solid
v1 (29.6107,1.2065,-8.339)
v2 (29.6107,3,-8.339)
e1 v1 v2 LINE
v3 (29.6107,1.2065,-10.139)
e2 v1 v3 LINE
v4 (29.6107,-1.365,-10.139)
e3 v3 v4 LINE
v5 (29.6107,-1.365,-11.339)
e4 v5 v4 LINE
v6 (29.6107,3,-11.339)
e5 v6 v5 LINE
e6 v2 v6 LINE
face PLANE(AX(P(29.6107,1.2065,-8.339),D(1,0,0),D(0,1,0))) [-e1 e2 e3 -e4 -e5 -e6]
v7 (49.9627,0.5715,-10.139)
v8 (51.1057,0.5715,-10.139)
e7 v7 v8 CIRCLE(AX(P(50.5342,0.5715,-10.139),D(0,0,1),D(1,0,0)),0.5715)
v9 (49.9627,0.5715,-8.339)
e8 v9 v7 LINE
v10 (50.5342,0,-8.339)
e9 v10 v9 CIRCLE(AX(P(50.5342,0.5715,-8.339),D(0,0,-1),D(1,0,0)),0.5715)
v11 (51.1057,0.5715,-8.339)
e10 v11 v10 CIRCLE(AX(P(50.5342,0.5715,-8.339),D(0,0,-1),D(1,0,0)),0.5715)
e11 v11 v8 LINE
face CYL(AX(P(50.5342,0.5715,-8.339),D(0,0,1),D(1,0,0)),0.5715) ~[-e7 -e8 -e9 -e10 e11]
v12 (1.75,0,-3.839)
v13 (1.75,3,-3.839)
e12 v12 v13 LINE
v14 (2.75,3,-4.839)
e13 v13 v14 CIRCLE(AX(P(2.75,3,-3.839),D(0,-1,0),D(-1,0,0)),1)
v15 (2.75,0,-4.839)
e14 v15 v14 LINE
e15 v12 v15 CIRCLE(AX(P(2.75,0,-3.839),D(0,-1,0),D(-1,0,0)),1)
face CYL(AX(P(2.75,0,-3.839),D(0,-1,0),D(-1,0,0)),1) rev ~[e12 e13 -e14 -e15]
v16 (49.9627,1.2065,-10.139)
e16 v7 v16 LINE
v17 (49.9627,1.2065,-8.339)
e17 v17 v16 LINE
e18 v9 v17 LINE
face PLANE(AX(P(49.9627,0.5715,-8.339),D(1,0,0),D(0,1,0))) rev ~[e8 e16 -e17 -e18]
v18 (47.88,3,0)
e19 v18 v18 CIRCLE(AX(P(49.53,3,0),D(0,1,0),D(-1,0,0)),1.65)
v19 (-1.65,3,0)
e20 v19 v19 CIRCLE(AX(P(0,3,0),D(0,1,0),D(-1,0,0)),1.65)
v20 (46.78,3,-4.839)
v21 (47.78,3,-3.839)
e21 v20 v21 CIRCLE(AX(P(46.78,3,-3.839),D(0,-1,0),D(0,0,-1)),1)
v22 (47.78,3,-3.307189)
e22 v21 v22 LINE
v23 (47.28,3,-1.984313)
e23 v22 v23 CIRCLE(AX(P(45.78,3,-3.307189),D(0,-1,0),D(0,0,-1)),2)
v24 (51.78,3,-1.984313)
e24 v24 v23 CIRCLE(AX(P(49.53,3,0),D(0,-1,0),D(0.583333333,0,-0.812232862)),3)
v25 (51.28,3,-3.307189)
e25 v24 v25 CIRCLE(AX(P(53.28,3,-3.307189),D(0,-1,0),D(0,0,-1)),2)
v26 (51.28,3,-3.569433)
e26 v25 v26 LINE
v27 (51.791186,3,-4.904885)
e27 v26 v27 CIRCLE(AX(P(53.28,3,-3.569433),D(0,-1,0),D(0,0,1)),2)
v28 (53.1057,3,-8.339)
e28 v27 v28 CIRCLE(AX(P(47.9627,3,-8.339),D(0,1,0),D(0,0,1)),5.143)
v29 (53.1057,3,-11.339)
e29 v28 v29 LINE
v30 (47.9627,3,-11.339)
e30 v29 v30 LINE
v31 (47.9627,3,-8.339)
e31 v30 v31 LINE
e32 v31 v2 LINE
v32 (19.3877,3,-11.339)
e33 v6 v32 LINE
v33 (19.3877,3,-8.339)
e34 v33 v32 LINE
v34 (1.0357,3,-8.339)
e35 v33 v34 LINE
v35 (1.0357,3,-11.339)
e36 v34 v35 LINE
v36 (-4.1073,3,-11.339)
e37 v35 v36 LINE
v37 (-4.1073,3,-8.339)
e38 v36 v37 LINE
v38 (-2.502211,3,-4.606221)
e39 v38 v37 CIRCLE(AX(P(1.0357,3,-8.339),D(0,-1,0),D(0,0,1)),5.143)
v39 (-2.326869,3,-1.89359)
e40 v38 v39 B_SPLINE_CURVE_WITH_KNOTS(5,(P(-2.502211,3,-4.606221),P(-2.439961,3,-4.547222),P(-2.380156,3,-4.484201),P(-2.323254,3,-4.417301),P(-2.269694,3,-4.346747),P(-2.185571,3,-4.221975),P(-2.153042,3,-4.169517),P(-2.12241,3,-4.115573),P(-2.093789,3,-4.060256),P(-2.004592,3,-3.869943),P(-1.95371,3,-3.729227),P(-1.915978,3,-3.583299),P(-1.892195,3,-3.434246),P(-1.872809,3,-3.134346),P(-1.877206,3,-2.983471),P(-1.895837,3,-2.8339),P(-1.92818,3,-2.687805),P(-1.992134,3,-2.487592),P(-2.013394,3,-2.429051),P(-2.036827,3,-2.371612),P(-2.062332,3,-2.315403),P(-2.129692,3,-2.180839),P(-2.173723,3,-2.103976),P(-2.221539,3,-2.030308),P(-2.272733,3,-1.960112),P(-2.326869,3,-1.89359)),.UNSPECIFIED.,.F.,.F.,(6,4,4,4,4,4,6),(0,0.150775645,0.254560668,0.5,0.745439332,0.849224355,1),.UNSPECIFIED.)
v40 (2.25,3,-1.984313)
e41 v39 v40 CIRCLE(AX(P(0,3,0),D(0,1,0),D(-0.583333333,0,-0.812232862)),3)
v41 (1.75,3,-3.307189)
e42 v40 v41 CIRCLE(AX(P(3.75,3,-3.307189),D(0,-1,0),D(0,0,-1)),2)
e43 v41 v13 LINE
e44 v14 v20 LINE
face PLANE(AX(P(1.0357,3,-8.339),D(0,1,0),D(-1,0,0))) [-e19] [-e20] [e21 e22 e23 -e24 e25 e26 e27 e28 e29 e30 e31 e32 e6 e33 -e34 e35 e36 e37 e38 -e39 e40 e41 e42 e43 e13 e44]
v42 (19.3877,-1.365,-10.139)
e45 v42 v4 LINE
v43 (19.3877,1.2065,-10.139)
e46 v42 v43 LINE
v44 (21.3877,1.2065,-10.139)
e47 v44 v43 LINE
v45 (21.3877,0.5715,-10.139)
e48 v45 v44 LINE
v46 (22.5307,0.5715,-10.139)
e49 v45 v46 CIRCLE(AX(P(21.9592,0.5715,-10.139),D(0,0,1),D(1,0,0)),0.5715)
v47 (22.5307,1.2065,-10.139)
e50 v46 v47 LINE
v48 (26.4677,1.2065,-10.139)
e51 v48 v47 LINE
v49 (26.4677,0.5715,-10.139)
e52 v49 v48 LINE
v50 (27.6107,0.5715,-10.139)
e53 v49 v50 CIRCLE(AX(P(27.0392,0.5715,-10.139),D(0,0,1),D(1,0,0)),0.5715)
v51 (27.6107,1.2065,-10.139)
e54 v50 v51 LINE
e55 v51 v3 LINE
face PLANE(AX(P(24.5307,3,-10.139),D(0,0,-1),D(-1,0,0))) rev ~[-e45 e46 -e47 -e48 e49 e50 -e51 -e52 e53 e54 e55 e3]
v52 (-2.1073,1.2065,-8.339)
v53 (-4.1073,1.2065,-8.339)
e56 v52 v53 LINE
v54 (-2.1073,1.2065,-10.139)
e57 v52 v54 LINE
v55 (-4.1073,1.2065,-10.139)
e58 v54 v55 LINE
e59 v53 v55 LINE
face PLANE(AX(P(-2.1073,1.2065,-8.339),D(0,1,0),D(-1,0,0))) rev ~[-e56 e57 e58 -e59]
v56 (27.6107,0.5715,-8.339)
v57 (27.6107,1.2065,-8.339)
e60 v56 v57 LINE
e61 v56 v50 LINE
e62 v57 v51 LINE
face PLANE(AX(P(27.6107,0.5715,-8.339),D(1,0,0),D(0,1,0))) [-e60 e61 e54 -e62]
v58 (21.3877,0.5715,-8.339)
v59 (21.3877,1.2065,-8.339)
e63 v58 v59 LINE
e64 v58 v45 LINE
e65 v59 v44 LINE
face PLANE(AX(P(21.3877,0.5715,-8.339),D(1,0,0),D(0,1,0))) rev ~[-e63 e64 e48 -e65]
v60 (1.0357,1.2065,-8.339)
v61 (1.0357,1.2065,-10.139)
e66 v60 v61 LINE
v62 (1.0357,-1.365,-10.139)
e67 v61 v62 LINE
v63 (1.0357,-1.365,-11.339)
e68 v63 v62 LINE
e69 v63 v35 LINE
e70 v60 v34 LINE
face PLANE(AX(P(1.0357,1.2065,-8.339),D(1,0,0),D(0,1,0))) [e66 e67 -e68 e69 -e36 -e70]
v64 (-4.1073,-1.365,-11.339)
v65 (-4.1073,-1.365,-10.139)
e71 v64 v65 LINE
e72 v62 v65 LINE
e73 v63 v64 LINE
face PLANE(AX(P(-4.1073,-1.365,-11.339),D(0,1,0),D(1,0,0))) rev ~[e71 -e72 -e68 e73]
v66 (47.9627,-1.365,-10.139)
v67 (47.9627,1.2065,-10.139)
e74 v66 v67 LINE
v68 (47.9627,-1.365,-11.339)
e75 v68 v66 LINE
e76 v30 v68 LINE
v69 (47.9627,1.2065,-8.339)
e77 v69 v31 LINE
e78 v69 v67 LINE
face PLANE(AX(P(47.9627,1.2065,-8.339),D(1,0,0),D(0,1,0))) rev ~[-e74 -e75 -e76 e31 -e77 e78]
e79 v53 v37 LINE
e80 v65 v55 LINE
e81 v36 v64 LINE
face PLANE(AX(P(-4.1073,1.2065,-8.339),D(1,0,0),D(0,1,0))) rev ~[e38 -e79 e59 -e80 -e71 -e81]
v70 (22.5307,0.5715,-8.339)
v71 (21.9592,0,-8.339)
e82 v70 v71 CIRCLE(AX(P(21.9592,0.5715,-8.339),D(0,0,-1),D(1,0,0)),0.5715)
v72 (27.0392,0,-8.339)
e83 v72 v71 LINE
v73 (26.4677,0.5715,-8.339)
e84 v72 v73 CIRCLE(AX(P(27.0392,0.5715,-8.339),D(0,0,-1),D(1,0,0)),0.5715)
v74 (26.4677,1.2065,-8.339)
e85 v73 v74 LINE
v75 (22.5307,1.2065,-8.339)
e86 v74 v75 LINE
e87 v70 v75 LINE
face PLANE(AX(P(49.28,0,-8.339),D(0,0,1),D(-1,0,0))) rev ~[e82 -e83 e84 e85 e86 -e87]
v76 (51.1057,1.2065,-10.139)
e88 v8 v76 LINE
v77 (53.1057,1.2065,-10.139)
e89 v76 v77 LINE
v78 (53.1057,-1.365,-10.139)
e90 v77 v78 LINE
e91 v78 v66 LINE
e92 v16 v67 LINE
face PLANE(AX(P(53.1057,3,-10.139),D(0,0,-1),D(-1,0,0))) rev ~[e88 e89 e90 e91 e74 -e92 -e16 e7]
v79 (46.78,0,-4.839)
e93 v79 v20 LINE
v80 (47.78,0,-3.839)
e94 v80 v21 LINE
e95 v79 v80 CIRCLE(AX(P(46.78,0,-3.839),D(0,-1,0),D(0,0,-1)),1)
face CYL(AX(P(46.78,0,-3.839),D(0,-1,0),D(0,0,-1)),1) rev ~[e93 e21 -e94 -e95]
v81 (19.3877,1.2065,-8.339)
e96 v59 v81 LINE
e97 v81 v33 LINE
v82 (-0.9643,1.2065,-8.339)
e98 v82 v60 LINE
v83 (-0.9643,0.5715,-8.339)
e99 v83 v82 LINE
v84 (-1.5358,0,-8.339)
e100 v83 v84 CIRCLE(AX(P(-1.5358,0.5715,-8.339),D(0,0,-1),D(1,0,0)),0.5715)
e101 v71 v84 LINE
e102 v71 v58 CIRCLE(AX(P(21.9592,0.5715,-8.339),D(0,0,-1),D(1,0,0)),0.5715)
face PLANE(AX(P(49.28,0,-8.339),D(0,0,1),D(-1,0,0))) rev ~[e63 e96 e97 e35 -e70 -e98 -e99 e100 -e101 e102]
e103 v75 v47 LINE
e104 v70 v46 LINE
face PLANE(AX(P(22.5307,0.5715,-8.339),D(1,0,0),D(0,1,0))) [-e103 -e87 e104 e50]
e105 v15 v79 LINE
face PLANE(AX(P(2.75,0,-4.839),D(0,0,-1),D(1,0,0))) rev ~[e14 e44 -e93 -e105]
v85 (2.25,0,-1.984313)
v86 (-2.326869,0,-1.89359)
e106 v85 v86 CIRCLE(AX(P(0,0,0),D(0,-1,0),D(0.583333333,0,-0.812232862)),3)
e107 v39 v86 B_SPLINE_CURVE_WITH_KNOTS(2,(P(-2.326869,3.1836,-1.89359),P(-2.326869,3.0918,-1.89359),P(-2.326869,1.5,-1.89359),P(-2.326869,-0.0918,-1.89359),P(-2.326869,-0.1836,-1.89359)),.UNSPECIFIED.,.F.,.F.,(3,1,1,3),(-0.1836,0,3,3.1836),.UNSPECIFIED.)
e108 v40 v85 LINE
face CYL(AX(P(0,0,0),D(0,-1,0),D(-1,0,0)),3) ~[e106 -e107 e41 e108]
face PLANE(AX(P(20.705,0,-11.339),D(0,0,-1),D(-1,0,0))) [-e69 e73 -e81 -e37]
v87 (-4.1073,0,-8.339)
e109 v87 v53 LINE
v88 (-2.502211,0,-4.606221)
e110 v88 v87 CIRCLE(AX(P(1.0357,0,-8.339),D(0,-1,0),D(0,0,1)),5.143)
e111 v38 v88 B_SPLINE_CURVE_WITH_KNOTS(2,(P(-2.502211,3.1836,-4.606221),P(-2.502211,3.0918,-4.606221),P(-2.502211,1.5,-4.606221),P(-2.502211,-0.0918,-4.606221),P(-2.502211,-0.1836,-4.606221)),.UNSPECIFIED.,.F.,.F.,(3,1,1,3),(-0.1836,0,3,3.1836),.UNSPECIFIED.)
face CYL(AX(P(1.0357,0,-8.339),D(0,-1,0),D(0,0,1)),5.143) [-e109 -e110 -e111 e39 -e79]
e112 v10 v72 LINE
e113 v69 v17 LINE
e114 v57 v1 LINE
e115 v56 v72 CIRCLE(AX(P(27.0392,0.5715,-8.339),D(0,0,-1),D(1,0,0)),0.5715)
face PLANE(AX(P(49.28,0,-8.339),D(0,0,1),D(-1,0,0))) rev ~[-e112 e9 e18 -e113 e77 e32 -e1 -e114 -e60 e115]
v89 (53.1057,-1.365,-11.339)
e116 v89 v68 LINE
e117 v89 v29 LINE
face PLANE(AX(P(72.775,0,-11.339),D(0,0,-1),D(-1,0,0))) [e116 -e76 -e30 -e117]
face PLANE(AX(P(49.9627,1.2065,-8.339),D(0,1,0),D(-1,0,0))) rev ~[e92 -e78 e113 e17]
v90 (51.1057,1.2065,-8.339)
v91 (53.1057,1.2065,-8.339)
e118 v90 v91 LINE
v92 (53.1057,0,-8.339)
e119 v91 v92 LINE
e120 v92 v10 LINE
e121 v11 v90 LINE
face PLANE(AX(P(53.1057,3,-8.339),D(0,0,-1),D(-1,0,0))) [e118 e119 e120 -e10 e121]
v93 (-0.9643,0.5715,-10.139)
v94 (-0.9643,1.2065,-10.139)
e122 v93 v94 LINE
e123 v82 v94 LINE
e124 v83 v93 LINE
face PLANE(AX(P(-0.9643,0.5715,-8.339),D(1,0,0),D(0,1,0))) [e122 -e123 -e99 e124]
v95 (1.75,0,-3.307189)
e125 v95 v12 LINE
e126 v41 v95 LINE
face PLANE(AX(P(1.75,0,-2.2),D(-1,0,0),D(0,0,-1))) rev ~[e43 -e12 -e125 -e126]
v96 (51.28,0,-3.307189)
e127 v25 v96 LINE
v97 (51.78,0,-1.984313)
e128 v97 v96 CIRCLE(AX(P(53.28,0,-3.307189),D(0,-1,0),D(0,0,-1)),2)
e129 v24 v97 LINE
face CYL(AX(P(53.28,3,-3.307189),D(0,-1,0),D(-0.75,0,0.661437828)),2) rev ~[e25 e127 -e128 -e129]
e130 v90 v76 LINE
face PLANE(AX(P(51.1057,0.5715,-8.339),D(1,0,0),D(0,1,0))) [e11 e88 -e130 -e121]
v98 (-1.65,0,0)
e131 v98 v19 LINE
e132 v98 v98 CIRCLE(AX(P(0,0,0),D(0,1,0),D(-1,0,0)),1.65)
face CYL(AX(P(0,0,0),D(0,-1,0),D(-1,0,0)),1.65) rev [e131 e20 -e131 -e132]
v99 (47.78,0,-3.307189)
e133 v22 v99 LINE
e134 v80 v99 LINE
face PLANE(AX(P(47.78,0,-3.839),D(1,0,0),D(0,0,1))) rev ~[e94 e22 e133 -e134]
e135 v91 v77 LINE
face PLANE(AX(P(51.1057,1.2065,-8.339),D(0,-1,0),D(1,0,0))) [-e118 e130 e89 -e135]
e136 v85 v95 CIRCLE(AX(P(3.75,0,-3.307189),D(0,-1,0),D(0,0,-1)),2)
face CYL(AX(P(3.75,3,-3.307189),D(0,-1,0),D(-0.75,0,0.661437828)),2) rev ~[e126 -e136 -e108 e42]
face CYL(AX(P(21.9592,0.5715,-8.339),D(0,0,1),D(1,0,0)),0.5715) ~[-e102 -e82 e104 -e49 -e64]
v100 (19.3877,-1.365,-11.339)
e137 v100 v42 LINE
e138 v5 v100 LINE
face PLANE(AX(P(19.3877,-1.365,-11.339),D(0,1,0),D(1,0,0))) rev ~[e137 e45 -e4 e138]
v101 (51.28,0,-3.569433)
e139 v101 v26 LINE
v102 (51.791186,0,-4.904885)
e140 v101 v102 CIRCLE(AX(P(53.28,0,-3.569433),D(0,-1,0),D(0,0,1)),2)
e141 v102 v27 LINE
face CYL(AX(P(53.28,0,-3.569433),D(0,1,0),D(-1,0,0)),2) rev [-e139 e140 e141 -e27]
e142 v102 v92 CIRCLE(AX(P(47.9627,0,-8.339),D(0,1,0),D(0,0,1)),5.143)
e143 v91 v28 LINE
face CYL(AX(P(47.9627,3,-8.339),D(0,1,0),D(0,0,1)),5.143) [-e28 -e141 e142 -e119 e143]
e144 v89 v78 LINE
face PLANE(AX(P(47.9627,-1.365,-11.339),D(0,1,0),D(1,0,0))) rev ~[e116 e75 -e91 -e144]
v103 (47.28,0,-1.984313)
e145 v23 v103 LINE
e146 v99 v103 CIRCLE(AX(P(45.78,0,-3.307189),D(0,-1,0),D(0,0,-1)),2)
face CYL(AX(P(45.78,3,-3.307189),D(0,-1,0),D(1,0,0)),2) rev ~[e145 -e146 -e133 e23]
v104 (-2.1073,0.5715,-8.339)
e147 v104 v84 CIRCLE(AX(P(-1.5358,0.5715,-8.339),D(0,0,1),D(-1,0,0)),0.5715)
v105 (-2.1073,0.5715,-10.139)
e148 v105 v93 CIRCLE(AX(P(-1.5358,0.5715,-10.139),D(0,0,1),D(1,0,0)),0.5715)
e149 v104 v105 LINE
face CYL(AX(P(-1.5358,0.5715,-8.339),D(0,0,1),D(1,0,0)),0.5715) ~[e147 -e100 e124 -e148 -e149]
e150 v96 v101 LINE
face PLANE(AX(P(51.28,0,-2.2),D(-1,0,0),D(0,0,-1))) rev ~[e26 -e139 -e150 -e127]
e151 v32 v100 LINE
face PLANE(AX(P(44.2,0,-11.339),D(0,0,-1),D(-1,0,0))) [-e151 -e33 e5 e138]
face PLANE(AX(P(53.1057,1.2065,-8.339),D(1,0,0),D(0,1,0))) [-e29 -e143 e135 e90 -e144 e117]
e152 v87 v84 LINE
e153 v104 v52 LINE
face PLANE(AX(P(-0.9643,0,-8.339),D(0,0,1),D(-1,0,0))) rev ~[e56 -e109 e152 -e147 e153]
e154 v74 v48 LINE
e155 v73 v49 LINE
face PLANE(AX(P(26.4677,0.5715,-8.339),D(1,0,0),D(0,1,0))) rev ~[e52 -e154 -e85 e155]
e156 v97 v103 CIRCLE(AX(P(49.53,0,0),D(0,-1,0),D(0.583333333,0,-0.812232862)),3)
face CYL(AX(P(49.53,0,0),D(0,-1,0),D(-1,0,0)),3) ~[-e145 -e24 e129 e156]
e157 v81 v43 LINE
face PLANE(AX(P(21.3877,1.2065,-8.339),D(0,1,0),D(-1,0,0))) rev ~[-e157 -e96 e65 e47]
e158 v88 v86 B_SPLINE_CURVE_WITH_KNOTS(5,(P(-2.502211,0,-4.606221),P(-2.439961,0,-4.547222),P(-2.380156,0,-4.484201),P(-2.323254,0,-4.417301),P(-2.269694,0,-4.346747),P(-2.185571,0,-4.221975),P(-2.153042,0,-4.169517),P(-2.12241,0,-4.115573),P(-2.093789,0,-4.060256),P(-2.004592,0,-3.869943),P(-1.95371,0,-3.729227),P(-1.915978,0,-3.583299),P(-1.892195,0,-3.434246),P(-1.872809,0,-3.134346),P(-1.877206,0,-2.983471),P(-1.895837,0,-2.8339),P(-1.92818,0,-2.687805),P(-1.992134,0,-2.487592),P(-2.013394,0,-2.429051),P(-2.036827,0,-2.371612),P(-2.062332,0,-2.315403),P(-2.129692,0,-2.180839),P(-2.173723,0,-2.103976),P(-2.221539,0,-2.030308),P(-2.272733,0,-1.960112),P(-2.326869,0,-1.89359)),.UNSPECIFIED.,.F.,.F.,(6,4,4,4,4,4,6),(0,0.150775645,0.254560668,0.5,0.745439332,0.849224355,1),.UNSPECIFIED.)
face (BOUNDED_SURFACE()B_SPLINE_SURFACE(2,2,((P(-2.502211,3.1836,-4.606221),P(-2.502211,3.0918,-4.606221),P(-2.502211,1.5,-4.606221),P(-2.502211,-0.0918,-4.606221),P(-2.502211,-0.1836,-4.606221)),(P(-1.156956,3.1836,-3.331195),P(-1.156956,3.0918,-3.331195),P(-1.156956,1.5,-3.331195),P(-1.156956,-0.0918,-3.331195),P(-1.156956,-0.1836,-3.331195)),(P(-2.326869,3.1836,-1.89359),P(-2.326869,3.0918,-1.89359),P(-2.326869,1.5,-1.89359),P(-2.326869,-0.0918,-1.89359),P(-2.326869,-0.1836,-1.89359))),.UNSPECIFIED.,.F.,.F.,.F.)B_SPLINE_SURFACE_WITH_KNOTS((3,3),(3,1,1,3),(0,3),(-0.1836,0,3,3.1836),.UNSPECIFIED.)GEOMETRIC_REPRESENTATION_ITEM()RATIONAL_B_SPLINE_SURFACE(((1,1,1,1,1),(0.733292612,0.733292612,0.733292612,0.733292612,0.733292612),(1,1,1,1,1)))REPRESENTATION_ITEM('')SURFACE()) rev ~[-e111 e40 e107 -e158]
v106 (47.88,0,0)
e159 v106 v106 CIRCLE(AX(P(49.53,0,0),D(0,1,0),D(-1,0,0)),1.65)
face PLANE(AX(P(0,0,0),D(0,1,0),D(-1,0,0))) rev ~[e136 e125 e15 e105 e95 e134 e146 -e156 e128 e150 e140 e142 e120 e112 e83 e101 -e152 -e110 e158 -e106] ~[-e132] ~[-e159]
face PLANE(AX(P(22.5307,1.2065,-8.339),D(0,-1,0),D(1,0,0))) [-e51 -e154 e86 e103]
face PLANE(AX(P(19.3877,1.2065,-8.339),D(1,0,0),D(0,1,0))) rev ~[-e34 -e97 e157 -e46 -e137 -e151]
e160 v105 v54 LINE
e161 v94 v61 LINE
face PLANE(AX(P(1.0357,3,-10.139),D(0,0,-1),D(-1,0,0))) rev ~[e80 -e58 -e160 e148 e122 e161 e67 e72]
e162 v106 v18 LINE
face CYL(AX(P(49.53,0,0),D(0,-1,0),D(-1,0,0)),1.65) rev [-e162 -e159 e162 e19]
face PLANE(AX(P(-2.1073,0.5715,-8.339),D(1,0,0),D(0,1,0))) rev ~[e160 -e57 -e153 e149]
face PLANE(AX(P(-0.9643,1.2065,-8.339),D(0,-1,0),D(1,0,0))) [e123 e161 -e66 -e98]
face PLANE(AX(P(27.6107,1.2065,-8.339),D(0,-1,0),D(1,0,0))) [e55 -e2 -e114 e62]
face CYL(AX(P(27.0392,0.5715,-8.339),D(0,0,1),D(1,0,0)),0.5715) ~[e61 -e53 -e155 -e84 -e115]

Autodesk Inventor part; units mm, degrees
ref_plane "YZ Plane" through (0, 0, 0) normal (1, 0, 0) x (0, 1, 0)
ref_plane "XZ Plane" through (0, 0, 0) normal (0, 1, 0) x (-1, 0, 0)
ref_plane "XY Plane" through (0, 0, 0) normal (0, 0, 1) x (1, 0, 0)
sketch "Sketch1" plane through (0, 0, 0) normal (0, 1, 0) x (-1, 0, 0)
  circle A0 centre (0, 0) radius 1.65
  line L0 (0, 0) -> (22.8671, 0) construction
  circle A1 centre (-49.53, 0) radius 1.65
  circle A2 centre (-49.53, 0) radius 3
  line L1 (-24.765, 0) -> (-24.765, 33.4897) construction
  line L2 (0, 0) -> (0, -6.322) construction
  line L3 (-49.53, 0) -> (-44.53, 0) construction
  circle A3 centre (0, 0) radius 3
  dimension "d0" = 3.3
  dimension "d2" = 49.53
  dimension "d3" = 3.3
  dimension "d4" = 6
  dimension "d11" = 6
extrude "Extrusion1" add sketch "Sketch1" along normal blind 3
sketch "Sketch2" plane through (49.53, 0, 0) normal (0, -1, 0) x (1, 0, 0)
  line L0 (1.75, -2.2) -> (1.75, -6.339)
  line L1 (-0.25, -8.339) -> (-49.28, -8.339)
  line L2 (-51.28, -6.339) -> (-51.28, -2.2)
  line L3 (-47.78, -2.2) -> (-47.78, -3.839)
  line L4 (-46.78, -4.839) -> (-2.75, -4.839)
  line L5 (-1.75, -3.839) -> (-1.75, -2.2)
  line L6 (0, 0) -> (0, -7.7115) construction
  line L7 (1.75, -2.2) -> (-1.75, -2.2)
  line L8 (-49.53, 0) -> (-49.53, -7.2415) construction
  line L9 (-47.78, -2.2) -> (-51.28, -2.2)
  arc A0 (-47.78, -3.839) -> (-46.78, -4.839) centre (-46.78, -3.839) ccw
  arc A1 (-2.75, -4.839) -> (-1.75, -3.839) centre (-2.75, -3.839) ccw
  arc A2 (-51.28, -6.339) -> (-49.28, -8.339) centre (-49.28, -6.339) ccw
  arc A3 (-0.25, -8.339) -> (1.75, -6.339) centre (-0.25, -6.339) ccw
  point P0 (1.75, -8.339)
  point P1 (0, -2.2)
  point P2 (-49.53, -2.2)
  dimension "d14" = 6.139
  dimension "d15" = 2.2
  dimension "d16" = 3.5
  dimension "d17" = 3.5
  dimension "d18" = 2.2
  dimension "d19" = 1
  dimension "d20" = 2
extrude "Extrusion2" add sketch "Sketch2" against normal blind 3
sketch "Sketch3" plane through (49.28, 0, -8.339) normal (0, 0, -1) x (-1, 0, 0)
  arc A0 (21.6693, 0.5715) -> (22.8123, 0.5715) centre (22.2408, 0.5715) ccw
  line L0 (49.03, 0) -> (0, 0) construction
  line L1 (0, 3) -> (49.03, 3) projected
  line L2 (-2, 0) -> (-2, 3) projected
  line L3 (22.8123, 0.5715) -> (22.8123, 1.2065)
  line L4 (22.8123, 1.2065) -> (24.8123, 1.2065)
  line L5 (24.8123, 1.2065) -> (24.8123, 3)
  line L6 (21.6693, 0.5715) -> (21.6693, 1.2065)
  line L7 (21.6693, 1.2065) -> (19.6693, 1.2065)
  line L8 (19.6693, 1.2065) -> (19.6693, 3)
  line L9 (22.2408, 0.5715) -> (23.4157, 0.5715) construction
  line L10 (24.8123, 3) -> (19.6693, 3)
  point P0 (49.28, 0)
  point P1 (46.53, 3)
  point P2 (2.5, 3)
  dimension "d23" = 1.143
  dimension "d26" = 24.2408
  dimension "d27" = 2
  dimension "d28" = 2
  dimension "d29" = 0.635
  dimension "d30" = 0.635
  dimension "d31" = 2.4285
extrude "Extrusion3" add sketch "Sketch3" along normal blind 3
pattern_linear "Rectangular Pattern1" count 2 spacing 23.495 along (1, 0, 0) of "Extrusion3"
sketch "Sketch4" plane through (47.9627, 3, -8.339) normal (0, 1, 0) x (1, 0, 0)
  arc A0 (0, -5.143) -> (5.143, 0) centre (0, 0) ccw
  line L0 (5.143, 0) -> (0, 0)
  line L1 (0, 0) -> (0, -5.143)
  point P0 (-47.9627, -8.339)
extrude "Extrusion4" add sketch "Sketch4" against normal blind 3
pattern_linear "Rectangular Pattern2" count 2 spacing 5.08 along (-1, 0, 0) of "Extrusion3"
pattern_linear "Rectangular Pattern3" count 2 spacing 23.495 along (-1, 0, 0) of "Rectangular Pattern2"
sketch "Sketch6" plane through (0, 0, 0) normal (0, -1, 0) x (1, 0, 0)
  line L0 (1.0357, -8.339) -> (-4.1073, -8.339)
  line L1 (-4.1073, -8.339) -> (-1.6483, -8.339)
  line L2 (-0.2103, -8.339) -> (0.25, -8.339)
  line L3 (0.25, -8.339) -> (1.0357, -8.339)
  line L4 (1.0357, -8.339) -> (1.0357, -3.196)
  arc A0 (1.0357, -3.196) -> (-4.1073, -8.339) centre (1.0357, -8.339) ccw
  line L5 (-0.9643, -8.339) -> (0.25, -8.339) projected
  line L6 (-0.9643, -8.339) -> (-0.9643, -11.339) projected
  line L7 (1.0357, -11.339) -> (-0.9643, -11.339) projected
  line L8 (1.0357, -8.339) -> (1.0357, -11.339) projected
  line L9 (0.25, -8.339) -> (1.0357, -8.339) projected
  line L10 (-4.1073, -8.339) -> (-2.1073, -8.339) projected
  line L11 (-4.1073, -8.339) -> (-4.1073, -11.339) projected
  line L12 (-2.1073, -11.339) -> (-4.1073, -11.339) projected
  line L13 (-2.1073, -8.339) -> (-2.1073, -11.339) projected
  line L14 (0.25, -8.339) -> (21.9592, -8.339) projected
  point P0 (5.143, 0)
extrude "Extrusion5" add sketch "Sketch6" against normal blind 3 contours L0 A0 L4
sketch "Sketch7" plane through (53.1057, 3, -11.339) normal (0, 0, -1) x (-1, 0, 0)
  line L0 (3.143, -2.4285) -> (3.143, -1.7935) construction
  line L1 (3.143, -1.7935) -> (5.143, -1.7935) construction
  line L2 (5.143, -1.7935) -> (5.143, 0) construction
  line L3 (5.143, 0) -> (0, 0) construction
  line L4 (0, 0) -> (0, -1.7935) construction
  line L5 (0, -1.7935) -> (2, -1.7935) construction
  line L6 (2, -1.7935) -> (2, -2.4285) construction
  arc A0 (2, -2.4285) -> (3.143, -2.4285) centre (2.5715, -2.4285) ccw construction
  line L7 (0, -1.7935) -> (0, 0)
  line L8 (0, 0) -> (5.143, 0)
  line L9 (5.143, 0) -> (5.143, -1.7935)
  arc A1 (0, -1.7935) -> (5.143, -1.7935) centre (2.5715, -1.7935) ccw
  line L10 (5.143, -1.7935) -> (0, -1.7935) construction
  line L11 (5.143, -1.7935) -> (5.143, 0) construction
  line L12 (0, -1.7935) -> (5.143, -1.7935)
  line L13 (5.143, -1.7935) -> (5.143, -4.365)
  line L14 (5.143, -4.365) -> (0, -4.365)
  line L15 (0, -4.365) -> (0, -1.7935)
  point P0 (53.1057, -3)
  dimension "d96" = 2.5715
extrude "Extrusion6" add sketch "Sketch7" against normal blind 1.2
pattern_linear "Rectangular Pattern4" count 2 spacing 23.495 along (-1, 0, 0) of "Extrusion6"
pattern_linear "Rectangular Pattern5" count 2 spacing 28.575 along (-1, 0, 0) of "Extrusion6"
pattern_linear "Rectangular Pattern6" count 2 spacing 52.07 along (-1, 0, 0) of "Extrusion6"
sketch "Sketch9" plane through (0, 0, 0) normal (0, -1, 0) x (1, 0, 0)
  circle A0 centre (0, 0) radius 1.65 projected
  circle A1 centre (49.53, 0) radius 1.65 projected
  circle A2 centre (49.53, 0) radius 3.5
  arc A3 (1.75, -2.4367) -> (-1.75, -2.4367) centre (0, 0) ccw projected
  circle A4 centre (0, 0) radius 3.5
  point P0 (2.1649, -2.7501)
extrude "Extrusion7" [suppressed]
fillet "Fillet2" radius 2 2 edges at (1.75, 1.5, -2.4367) (47.78, 1.5, -2.4367)
fillet "Fillet3" radius 2 4 edges at (-1.75, 1.5, -2.4367) (51.28, 1.5, -2.4367) (51.28, 1.5, -4.4088) (-1.75, 1.5, -4.0158)
properties part number "HDMIPluginModuleHolder04"
